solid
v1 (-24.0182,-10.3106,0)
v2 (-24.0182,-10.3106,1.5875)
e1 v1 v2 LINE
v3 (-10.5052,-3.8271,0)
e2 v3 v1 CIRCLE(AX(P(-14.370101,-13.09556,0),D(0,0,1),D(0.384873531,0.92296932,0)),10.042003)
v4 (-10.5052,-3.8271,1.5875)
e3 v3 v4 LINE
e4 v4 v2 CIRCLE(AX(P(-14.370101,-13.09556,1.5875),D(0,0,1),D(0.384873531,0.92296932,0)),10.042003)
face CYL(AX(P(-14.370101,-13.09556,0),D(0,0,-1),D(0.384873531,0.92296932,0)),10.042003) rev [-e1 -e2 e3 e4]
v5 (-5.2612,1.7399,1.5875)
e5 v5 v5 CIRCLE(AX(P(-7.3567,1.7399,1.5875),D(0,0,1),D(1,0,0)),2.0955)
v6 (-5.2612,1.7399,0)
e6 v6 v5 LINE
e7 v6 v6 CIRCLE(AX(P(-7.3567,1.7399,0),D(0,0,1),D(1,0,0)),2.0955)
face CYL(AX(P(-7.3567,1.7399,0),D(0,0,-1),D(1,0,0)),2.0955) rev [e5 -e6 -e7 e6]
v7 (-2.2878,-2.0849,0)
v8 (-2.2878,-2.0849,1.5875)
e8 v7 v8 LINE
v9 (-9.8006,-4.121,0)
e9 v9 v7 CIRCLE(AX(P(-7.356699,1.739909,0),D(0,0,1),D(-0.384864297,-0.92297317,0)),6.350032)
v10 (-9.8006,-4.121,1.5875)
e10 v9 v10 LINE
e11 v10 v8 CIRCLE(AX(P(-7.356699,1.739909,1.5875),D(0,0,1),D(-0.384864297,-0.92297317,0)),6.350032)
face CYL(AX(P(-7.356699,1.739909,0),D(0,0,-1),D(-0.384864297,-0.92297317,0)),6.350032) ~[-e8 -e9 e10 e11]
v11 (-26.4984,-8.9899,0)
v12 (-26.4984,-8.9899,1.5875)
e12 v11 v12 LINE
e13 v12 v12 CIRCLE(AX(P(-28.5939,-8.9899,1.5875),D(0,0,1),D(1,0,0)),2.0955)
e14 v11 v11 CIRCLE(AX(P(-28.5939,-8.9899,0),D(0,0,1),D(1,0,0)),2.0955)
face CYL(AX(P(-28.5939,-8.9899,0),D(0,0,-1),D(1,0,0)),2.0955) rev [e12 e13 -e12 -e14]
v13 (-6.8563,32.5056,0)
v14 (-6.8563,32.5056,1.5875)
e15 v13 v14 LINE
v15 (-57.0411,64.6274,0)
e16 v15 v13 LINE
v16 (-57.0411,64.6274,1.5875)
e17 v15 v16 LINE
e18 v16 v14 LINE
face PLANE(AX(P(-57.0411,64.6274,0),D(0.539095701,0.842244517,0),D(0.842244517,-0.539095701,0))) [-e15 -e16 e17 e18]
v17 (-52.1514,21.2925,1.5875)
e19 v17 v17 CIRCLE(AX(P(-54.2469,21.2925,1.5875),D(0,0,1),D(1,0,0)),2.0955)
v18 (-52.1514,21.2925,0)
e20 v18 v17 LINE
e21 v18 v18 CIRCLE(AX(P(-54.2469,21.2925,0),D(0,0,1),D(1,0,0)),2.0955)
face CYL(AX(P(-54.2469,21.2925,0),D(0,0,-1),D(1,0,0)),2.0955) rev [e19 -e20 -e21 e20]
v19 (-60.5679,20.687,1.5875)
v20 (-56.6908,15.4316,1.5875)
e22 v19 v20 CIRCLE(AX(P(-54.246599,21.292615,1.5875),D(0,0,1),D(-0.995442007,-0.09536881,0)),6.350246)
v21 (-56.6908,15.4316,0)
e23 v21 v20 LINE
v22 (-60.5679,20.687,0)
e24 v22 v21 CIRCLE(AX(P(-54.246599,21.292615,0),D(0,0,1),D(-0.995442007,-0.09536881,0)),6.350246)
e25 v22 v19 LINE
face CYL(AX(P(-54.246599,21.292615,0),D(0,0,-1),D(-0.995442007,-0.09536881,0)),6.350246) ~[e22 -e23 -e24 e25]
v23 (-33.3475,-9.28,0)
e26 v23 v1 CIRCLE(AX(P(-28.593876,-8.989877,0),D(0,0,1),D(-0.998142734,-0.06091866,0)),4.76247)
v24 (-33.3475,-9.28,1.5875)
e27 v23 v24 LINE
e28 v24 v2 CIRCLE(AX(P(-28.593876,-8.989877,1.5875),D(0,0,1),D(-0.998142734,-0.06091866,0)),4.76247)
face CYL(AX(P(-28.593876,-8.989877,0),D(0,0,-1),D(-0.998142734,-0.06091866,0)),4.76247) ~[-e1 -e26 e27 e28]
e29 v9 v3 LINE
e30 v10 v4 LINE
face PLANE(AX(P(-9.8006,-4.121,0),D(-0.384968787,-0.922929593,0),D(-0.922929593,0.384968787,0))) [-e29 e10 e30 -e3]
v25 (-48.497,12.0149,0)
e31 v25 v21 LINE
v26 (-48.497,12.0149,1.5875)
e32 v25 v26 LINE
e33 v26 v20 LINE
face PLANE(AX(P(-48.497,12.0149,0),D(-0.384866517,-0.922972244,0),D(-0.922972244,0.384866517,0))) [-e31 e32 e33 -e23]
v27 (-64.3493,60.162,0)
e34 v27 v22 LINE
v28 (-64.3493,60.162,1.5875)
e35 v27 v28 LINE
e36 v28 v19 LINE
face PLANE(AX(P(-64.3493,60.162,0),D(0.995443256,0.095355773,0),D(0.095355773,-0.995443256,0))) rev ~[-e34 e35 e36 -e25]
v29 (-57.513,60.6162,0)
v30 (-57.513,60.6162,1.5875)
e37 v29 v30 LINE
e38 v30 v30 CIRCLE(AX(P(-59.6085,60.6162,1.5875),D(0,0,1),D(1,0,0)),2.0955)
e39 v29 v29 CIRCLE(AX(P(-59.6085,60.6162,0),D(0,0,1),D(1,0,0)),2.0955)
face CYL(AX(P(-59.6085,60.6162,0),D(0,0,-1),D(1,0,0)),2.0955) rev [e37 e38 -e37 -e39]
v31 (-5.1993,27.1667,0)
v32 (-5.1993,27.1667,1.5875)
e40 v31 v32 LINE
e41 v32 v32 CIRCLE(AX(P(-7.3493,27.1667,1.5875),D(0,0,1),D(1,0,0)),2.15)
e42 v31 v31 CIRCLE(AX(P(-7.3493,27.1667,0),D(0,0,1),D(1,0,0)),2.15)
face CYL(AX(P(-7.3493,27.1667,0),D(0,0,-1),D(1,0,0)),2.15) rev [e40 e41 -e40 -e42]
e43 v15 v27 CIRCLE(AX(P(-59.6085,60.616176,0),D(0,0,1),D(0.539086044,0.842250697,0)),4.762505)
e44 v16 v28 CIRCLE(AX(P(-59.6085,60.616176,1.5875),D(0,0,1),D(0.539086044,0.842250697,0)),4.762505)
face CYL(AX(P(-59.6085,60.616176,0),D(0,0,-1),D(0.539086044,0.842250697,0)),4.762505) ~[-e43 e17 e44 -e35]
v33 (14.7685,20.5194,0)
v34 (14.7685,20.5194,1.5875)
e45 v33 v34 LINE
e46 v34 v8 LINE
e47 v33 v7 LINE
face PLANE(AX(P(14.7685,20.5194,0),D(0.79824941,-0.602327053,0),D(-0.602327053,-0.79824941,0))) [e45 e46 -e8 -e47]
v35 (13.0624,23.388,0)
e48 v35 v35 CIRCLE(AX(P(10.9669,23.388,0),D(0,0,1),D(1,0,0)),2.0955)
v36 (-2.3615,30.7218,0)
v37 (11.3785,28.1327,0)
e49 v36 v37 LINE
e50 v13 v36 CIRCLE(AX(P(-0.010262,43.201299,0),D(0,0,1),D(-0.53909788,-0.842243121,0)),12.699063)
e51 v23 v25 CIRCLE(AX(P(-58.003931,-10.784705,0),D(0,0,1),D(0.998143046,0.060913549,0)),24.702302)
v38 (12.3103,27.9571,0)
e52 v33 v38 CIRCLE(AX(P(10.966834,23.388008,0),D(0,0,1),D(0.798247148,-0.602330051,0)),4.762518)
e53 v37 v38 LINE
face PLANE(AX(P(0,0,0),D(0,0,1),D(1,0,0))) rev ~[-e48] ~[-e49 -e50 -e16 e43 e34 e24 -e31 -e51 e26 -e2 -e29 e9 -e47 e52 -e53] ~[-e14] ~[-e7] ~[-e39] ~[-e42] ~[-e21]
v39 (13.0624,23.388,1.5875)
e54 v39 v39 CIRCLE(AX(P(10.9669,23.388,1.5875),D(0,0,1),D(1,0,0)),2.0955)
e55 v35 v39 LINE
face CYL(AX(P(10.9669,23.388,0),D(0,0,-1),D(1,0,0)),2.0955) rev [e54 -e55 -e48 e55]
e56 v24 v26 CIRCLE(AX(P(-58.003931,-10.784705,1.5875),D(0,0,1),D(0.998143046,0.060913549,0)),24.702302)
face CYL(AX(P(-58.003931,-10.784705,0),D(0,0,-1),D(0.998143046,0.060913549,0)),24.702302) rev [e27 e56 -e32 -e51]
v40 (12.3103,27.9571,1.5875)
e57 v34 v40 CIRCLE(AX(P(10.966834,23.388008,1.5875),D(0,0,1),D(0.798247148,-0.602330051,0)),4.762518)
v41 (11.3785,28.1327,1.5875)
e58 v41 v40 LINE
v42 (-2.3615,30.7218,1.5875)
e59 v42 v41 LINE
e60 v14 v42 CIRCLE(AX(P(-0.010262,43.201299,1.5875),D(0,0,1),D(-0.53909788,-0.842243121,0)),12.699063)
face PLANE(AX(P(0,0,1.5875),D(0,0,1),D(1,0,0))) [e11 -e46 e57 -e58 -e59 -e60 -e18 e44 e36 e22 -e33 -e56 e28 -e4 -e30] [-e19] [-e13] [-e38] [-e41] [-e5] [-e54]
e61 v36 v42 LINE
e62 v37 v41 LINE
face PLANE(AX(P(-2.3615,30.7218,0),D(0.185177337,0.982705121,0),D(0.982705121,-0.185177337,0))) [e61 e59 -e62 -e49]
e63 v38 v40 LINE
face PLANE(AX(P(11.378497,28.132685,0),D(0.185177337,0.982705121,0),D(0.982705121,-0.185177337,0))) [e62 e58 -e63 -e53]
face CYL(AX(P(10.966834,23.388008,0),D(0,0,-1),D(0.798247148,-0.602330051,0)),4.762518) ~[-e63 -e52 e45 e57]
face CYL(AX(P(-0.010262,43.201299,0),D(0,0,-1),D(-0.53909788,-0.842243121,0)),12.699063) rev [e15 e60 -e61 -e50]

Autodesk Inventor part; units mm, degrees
ref_plane "YZ Plane" through (0, 0, 0) normal (1, 0, 0) x (0, 1, 0)
ref_plane "XZ Plane" through (0, 0, 0) normal (0, 1, 0) x (-1, 0, 0)
ref_plane "XY Plane" through (0, 0, 0) normal (0, 0, 1) x (1, 0, 0)
sketch "Sketch3" plane through (0, 0, 0) normal (0, 0, 1) x (1, 0, 0)
  circle A0 centre (-54.2469, 21.2925) radius 2.0955
  arc A1 (-60.5679, 20.687) -> (-56.6908, 15.4316) centre (-54.2469, 21.2925) ccw
  arc A2 (-9.8006, -4.121) -> (-2.2878, -2.0849) centre (-7.3567, 1.7399) ccw
  arc A3 (-57.0411, 64.6274) -> (-64.3493, 60.162) centre (-59.6085, 60.6162) ccw
  circle A4 centre (-59.6085, 60.6162) radius 2.0955
  circle A5 centre (-7.3493, 27.1667) radius 2.15
  circle A6 centre (-7.3493, 27.1667) radius 2.0955
  arc A7 (-33.3475, -9.28) -> (-24.0182, -10.3106) centre (-28.5939, -8.9899) ccw
  circle A8 centre (-28.5939, -8.9899) radius 2.0955
  line L0 (-64.3493, 60.162) -> (-60.5679, 20.687)
  arc A9 (-10.5052, -3.8271) -> (-24.0182, -10.3106) centre (-14.3701, -13.0956) ccw
  arc A10 (-33.3475, -9.28) -> (-48.497, 12.0149) centre (-58.0042, -10.7848) ccw
  line L1 (-9.8006, -4.121) -> (-10.5052, -3.8271)
  line L2 (-48.497, 12.0149) -> (-56.6908, 15.4316)
  circle A11 centre (-7.3567, 1.7399) radius 2.0955
  line L3 (-2.3615, 30.7218) -> (12.3103, 27.9571)
  line L4 (-57.0411, 64.6274) -> (-6.8563, 32.5056)
  arc A12 (-6.8563, 32.5056) -> (-2.3615, 30.7218) centre (-0.0098, 43.2022) ccw
  circle A13 centre (10.9669, 23.388) radius 2.0955
  arc A14 (14.7685, 20.5194) -> (11.3785, 28.1327) centre (10.9669, 23.388) ccw
  line L5 (14.7685, 20.5194) -> (-2.2878, -2.0849)
  point P0 (-1.412, -0.4923)
  point P1 (-2.1133, -1.8418)
  point P2 (-2.622, -2.4915)
  dimension "d25" = 4.191
  dimension "d28" = 12.7
  dimension "d29" = 4.191
  dimension "d31" = 9.525
  dimension "d47" = 12.7
  dimension "d48" = 4.191
  dimension "d49" = 9.525
extrude "Extrusion2" add sketch "Sketch3" along normal blind 1.5875 contours L0 A3 L4 A12 L3 A14 L5 A2 L1 A9 A7 A10 L2 A1
properties part number "pod_gusset" material "Acetal Resin, White"
